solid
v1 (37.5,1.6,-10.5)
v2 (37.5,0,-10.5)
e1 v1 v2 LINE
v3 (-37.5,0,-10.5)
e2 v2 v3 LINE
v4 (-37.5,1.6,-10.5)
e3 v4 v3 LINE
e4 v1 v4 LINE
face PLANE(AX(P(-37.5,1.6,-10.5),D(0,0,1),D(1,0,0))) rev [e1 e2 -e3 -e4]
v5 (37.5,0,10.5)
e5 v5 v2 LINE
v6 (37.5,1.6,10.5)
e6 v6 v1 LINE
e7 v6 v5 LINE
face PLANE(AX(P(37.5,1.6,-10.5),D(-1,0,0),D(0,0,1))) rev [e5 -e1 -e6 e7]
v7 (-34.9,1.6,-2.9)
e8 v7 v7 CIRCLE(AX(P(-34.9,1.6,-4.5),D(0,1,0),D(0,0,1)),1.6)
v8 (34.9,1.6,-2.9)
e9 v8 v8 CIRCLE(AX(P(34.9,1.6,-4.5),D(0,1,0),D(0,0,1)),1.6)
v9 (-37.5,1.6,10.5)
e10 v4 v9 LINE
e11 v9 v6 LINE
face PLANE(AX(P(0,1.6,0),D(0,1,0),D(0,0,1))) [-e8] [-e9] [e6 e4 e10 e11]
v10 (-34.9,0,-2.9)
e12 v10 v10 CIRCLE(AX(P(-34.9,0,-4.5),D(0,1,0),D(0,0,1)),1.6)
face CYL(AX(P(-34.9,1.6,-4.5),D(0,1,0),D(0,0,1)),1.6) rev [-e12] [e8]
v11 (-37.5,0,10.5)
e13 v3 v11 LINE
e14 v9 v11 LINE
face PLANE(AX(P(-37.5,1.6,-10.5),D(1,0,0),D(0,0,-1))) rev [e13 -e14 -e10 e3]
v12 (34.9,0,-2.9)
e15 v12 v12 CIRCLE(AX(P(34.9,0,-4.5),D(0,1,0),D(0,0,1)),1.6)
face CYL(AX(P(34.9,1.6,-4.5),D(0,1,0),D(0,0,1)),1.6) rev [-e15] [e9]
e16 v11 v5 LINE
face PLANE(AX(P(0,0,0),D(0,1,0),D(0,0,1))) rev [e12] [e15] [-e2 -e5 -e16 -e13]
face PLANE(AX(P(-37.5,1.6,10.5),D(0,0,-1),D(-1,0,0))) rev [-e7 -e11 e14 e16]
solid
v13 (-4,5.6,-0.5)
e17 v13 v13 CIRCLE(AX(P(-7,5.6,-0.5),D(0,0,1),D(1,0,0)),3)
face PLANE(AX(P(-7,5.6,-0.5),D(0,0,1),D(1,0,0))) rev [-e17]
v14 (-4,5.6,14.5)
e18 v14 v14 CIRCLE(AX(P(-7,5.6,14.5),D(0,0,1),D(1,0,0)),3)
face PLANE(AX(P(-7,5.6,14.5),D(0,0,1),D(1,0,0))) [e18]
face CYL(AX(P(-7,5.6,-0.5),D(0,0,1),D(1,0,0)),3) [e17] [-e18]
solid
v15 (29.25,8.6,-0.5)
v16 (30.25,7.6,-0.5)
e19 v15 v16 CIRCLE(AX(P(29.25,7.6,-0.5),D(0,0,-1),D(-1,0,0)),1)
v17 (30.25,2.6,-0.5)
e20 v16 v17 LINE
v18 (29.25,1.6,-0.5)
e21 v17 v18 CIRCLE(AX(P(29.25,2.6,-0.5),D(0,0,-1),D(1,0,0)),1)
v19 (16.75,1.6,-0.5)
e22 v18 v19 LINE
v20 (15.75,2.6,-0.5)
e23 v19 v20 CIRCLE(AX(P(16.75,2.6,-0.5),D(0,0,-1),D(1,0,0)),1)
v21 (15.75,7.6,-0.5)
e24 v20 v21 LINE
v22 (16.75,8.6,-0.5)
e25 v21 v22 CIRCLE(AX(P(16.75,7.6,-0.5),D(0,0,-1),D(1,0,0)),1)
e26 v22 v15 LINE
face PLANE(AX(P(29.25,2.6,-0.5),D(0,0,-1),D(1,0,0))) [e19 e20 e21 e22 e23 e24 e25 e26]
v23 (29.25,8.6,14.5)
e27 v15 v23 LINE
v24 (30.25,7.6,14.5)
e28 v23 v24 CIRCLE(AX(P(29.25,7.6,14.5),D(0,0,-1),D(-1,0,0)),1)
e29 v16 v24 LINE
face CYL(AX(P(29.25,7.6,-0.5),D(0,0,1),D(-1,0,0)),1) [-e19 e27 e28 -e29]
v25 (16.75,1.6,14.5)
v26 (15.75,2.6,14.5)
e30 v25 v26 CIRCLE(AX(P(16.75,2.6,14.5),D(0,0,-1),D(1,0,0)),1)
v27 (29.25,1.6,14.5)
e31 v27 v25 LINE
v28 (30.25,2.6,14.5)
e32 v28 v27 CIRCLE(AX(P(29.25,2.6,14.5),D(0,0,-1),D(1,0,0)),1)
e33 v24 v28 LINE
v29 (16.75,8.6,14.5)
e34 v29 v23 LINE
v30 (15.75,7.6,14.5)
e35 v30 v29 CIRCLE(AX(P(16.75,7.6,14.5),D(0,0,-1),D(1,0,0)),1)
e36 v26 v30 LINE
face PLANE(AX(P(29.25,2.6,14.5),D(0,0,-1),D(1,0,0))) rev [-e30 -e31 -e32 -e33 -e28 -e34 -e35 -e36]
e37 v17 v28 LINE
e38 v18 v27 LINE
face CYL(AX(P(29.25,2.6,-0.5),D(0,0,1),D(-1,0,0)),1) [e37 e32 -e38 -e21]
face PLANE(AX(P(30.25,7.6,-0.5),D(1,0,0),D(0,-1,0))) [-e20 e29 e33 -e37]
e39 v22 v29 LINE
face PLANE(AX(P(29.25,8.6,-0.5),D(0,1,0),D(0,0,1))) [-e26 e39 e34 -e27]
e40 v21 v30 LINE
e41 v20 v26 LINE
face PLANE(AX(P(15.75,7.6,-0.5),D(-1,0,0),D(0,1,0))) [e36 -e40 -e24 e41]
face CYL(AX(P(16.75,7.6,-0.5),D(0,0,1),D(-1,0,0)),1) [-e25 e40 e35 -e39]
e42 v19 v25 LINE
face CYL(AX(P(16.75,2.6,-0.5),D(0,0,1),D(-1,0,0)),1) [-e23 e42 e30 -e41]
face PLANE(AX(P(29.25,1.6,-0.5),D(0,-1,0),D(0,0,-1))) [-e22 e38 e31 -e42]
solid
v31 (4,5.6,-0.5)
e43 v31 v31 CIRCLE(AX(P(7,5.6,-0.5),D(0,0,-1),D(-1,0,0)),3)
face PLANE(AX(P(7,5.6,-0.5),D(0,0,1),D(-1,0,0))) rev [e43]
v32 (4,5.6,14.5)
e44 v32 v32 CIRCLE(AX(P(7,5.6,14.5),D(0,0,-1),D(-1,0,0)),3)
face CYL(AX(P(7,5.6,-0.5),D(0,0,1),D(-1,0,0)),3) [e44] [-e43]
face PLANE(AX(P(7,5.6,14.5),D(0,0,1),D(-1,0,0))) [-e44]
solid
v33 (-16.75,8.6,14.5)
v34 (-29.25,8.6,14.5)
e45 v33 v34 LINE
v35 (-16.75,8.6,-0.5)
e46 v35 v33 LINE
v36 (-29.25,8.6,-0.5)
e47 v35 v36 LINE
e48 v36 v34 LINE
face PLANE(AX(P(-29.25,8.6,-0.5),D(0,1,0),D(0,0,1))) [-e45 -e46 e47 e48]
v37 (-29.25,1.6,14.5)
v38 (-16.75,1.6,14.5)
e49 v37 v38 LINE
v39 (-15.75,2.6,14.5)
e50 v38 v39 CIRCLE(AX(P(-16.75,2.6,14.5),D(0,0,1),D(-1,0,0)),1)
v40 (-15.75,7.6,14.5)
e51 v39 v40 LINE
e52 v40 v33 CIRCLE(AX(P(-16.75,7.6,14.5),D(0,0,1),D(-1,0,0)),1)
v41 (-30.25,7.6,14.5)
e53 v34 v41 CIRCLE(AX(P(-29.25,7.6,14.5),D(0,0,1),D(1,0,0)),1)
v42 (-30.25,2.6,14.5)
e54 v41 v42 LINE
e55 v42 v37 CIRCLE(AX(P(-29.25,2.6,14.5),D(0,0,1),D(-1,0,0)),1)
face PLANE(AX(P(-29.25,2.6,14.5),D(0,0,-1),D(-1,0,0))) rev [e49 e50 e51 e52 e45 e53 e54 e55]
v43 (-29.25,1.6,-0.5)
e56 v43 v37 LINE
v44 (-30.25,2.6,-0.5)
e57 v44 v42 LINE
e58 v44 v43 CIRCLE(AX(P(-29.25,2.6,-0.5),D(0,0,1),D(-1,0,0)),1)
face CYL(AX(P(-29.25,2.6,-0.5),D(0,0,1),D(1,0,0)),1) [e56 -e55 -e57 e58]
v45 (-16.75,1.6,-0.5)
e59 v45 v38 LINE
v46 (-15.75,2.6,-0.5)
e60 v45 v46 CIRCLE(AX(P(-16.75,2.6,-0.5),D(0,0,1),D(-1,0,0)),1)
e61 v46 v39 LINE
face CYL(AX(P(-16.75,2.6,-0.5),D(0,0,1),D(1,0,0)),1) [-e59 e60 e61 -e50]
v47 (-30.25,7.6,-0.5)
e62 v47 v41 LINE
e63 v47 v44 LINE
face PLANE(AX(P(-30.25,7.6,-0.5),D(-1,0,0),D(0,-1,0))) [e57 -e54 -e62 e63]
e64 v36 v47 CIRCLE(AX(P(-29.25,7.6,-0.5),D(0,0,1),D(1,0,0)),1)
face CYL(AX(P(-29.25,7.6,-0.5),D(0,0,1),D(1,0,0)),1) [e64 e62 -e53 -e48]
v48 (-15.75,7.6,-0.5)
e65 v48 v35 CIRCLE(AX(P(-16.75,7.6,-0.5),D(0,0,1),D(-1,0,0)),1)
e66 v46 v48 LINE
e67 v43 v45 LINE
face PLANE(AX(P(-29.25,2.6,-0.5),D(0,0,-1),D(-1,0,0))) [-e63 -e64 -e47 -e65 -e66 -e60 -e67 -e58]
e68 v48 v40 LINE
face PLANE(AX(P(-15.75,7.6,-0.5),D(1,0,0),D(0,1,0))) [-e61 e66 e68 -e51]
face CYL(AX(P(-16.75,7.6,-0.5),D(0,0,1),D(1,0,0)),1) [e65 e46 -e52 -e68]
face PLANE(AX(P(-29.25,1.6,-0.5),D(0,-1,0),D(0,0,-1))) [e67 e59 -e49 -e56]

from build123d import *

# Parameters (mm, degrees)
SKETCH1_W                     = 75
SKETCH1_H                     = 21
BOSS_EXTRUDE1_DEPTH           = 1.6
SKETCH2_R                     = 3
BOSS_EXTRUDE2_DEPTH           = 15
BOSS_EXTRUDE2_2_DEPTH         = 15
SKETCH4_W                     = 1.6
SKETCH4_H                     = 1.6
M3_CLEARANCE_HOLE1_AT_2_COUNT = 2
M3_CLEARANCE_HOLE1_AT_2_PITCH = 69.8


with BuildPart() as part:
    # Sketch1 → Boss-Extrude1 (new body)
    with BuildSketch(Plane(origin=(0, 0, 0), x_dir=(1, 0, 0), z_dir=(0, 1, 0))):
        Rectangle(SKETCH1_W, SKETCH1_H)
    extrude(amount=BOSS_EXTRUDE1_DEPTH)

    # Sketch4 → M3 Clearance Hole1 (revolve, cut)
    with BuildSketch(Plane(origin=(-34.9, 1.6, -4.5), x_dir=(0, 0, 1), z_dir=(1, 0, 0))):
        with Locations((0.8, 0.8)):
            Rectangle(SKETCH4_W, SKETCH4_H)
    m3_clearance_hole1 = revolve(axis=Axis((-34.9, 7.95, -4.5), (0, -1, 0)), mode=Mode.SUBTRACT)

    # M3 Clearance Hole1 at 2: M3 Clearance Hole1 ×2
    with Locations(*[(i * M3_CLEARANCE_HOLE1_AT_2_PITCH, 0, 0) for i in range(1, M3_CLEARANCE_HOLE1_AT_2_COUNT)]):
        add(m3_clearance_hole1, mode=Mode.SUBTRACT)


with BuildPart() as body_2:
    # Sketch2 → Boss-Extrude2 (new body)
    with BuildSketch(Plane.XY.offset(14.5)):
        with Locations((-7, 5.6)):
            Circle(SKETCH2_R)
    extrude(amount=-BOSS_EXTRUDE2_DEPTH)


with BuildPart() as body_3:
    # Sketch2 → Boss-Extrude2 2 (new body)
    with BuildSketch(Plane.XY.offset(14.5)):
        with BuildLine():
            Line((-29.25, 8.6), (-16.75, 8.6))
            ThreePointArc((-16.75, 8.6), (-16.042893219, 8.307106781), (-15.75, 7.6))
            Line((-15.75, 7.6), (-15.75, 2.6))
            ThreePointArc((-15.75, 2.6), (-16.042893219, 1.892893219), (-16.75, 1.6))
            Line((-16.75, 1.6), (-29.25, 1.6))
            ThreePointArc((-29.25, 1.6), (-29.957106781, 1.892893219), (-30.25, 2.6))
            Line((-30.25, 2.6), (-30.25, 7.6))
            ThreePointArc((-30.25, 7.6), (-29.957106781, 8.307106781), (-29.25, 8.6))
        make_face()
    extrude(amount=-BOSS_EXTRUDE2_2_DEPTH)


with BuildPart() as body_4:
    # Mirror13: mirrored copy
    add(body_3.part.mirror(Plane.ZY))


with BuildPart() as body_5:
    # Mirror13 2: mirrored copy
    add(body_2.part.mirror(Plane.ZY))


solid = Compound([part.part, body_2.part, body_3.part, body_4.part, body_5.part])
